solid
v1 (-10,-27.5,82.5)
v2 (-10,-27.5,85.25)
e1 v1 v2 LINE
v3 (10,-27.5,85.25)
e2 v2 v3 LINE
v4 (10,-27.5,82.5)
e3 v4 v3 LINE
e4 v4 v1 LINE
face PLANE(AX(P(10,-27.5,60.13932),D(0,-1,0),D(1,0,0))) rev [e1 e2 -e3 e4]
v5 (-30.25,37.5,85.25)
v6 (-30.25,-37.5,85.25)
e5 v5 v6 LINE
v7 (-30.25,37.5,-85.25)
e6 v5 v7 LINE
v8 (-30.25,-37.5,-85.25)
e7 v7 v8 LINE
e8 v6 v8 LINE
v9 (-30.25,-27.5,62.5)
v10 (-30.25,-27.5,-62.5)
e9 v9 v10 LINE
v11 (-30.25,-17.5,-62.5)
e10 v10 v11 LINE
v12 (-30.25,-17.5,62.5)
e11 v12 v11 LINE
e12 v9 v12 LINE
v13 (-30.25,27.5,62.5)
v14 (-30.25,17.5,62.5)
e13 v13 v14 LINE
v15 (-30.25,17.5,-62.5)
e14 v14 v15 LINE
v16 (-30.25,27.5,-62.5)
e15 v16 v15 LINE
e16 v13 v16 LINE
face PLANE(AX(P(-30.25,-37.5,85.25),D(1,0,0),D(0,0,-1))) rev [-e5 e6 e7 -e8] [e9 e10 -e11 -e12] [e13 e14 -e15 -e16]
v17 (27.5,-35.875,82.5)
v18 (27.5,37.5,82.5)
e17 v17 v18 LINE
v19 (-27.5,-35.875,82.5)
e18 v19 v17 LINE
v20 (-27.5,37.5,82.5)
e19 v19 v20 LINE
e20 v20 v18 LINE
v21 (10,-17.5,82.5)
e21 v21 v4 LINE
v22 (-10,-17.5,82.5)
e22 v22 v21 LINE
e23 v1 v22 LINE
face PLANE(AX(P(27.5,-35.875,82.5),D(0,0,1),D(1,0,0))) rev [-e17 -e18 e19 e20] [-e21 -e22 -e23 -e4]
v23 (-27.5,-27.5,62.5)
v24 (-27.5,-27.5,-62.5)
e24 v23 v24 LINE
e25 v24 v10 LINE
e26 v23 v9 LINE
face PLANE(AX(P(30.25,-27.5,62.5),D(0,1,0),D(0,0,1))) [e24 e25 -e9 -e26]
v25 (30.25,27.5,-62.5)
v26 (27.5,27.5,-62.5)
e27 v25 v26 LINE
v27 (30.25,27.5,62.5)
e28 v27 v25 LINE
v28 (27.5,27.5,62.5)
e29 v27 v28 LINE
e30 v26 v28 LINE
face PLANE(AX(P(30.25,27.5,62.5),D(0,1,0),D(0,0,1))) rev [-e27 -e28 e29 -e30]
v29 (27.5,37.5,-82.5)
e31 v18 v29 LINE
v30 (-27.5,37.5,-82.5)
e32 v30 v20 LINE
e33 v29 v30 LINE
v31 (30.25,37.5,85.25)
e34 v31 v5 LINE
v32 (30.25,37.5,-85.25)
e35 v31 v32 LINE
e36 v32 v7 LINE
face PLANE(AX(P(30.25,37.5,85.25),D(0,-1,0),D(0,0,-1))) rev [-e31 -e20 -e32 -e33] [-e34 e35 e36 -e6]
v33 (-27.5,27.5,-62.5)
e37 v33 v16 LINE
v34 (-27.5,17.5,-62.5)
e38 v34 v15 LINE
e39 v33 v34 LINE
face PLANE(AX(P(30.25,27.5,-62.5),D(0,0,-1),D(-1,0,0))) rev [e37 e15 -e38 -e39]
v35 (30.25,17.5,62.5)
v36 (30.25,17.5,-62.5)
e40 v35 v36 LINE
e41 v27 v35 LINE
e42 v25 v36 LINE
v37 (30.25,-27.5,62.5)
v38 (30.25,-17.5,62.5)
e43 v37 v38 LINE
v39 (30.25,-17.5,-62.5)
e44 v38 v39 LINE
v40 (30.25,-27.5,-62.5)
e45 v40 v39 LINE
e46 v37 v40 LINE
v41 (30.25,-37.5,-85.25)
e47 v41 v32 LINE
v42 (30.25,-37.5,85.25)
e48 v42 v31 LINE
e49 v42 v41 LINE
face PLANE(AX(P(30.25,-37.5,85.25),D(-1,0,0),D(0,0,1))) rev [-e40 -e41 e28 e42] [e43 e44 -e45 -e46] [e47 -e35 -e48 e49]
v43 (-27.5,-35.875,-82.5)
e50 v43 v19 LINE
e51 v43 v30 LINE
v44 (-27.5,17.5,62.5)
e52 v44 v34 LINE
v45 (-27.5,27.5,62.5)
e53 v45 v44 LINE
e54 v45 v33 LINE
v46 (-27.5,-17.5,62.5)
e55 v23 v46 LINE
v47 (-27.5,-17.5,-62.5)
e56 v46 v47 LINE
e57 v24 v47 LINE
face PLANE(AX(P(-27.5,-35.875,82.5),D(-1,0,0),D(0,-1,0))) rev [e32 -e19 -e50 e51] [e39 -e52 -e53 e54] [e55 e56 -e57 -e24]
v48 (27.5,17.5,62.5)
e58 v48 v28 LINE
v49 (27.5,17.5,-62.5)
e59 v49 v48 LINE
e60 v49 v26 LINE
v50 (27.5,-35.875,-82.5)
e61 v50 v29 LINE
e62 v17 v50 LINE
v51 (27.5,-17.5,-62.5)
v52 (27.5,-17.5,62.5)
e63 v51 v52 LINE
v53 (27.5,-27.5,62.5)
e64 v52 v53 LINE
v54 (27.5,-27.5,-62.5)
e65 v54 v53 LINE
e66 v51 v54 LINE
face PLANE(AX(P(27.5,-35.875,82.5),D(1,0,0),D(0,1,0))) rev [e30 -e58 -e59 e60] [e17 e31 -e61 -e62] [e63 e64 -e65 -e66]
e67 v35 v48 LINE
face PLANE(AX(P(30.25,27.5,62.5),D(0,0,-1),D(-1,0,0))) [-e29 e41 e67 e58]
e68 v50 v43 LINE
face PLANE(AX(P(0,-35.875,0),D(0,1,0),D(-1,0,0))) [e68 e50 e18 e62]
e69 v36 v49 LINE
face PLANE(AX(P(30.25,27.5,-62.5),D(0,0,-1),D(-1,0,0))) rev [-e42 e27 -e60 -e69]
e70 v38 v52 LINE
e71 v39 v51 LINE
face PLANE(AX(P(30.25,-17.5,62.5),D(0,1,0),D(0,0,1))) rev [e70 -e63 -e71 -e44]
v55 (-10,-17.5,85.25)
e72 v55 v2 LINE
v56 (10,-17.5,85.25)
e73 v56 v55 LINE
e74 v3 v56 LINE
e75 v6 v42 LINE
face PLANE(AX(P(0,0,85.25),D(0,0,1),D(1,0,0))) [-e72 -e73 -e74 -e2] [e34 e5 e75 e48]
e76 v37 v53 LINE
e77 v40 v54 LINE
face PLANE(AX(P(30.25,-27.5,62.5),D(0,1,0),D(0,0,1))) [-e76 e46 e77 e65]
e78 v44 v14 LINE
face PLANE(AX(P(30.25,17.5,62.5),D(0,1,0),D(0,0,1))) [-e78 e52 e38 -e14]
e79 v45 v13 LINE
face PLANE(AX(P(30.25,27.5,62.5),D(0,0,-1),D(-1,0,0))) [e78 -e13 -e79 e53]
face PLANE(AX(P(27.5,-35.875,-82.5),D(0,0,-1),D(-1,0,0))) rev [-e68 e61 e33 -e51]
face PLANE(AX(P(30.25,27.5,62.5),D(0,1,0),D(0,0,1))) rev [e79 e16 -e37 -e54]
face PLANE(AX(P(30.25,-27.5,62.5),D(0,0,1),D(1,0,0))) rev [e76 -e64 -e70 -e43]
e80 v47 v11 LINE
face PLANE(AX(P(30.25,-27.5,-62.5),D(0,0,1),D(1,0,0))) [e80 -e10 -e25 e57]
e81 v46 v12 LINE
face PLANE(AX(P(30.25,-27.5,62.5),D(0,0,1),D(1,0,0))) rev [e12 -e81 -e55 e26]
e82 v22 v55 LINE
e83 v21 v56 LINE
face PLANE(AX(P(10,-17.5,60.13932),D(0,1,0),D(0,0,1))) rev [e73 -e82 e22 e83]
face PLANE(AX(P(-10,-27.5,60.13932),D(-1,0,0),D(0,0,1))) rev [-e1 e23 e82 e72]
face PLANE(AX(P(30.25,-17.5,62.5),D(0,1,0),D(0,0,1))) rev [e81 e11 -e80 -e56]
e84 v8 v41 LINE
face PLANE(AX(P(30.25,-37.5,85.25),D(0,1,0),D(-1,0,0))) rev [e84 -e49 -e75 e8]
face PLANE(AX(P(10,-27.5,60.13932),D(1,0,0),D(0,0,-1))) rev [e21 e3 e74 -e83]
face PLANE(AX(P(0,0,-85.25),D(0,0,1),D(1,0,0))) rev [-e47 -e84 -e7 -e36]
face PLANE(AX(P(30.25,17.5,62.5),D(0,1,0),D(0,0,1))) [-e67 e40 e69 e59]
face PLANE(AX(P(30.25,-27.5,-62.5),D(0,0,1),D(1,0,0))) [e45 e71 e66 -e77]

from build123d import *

# Parameters (mm, degrees)
SKETCH1_W           = 60.5
SKETCH1_H           = 75
BOSS_EXTRUDE1_DEPTH = 85.25
SKETCH2_W           = 55
SKETCH2_H           = 165
CUT_EXTRUDE1_DEPTH  = 73.375
SKETCH3_W           = 20
SKETCH3_H           = 10
CUT_EXTRUDE2_DEPTH  = 2.75
SKETCH7_W           = 125
SKETCH7_H           = 10
CUT_EXTRUDE4_DEPTH  = 112.058824503


with BuildPart() as part:
    # Sketch1 → Boss-Extrude1 (new, symmetric)
    with BuildSketch(Plane.XY):
        Rectangle(SKETCH1_W, SKETCH1_H)
    extrude(amount=BOSS_EXTRUDE1_DEPTH, both=True)

    # Sketch2 → Cut-Extrude1 (cut)
    with BuildSketch(Plane(origin=(0, 37.5, 0), x_dir=(1, 0, 0), z_dir=(0, 1, 0))):
        Rectangle(SKETCH2_W, SKETCH2_H)
    extrude(amount=-CUT_EXTRUDE1_DEPTH, mode=Mode.SUBTRACT)

    # Sketch3 → Cut-Extrude2 (cut)
    with BuildSketch(Plane.XY.offset(85.25)):
        with Locations((0, -22.5)):
            Rectangle(SKETCH3_W, SKETCH3_H)
    extrude(amount=-CUT_EXTRUDE2_DEPTH, mode=Mode.SUBTRACT)

    # Sketch7 → Cut-Extrude4 (cut, through all)
    with BuildSketch(Plane.ZY.offset(30.25)):
        with Locations((0, -22.5)):
            Rectangle(SKETCH7_W, SKETCH7_H)
        with Locations((0, 22.5)):
            Rectangle(SKETCH7_W, SKETCH7_H)
    extrude(amount=-CUT_EXTRUDE4_DEPTH, mode=Mode.SUBTRACT)


solid = part.part
